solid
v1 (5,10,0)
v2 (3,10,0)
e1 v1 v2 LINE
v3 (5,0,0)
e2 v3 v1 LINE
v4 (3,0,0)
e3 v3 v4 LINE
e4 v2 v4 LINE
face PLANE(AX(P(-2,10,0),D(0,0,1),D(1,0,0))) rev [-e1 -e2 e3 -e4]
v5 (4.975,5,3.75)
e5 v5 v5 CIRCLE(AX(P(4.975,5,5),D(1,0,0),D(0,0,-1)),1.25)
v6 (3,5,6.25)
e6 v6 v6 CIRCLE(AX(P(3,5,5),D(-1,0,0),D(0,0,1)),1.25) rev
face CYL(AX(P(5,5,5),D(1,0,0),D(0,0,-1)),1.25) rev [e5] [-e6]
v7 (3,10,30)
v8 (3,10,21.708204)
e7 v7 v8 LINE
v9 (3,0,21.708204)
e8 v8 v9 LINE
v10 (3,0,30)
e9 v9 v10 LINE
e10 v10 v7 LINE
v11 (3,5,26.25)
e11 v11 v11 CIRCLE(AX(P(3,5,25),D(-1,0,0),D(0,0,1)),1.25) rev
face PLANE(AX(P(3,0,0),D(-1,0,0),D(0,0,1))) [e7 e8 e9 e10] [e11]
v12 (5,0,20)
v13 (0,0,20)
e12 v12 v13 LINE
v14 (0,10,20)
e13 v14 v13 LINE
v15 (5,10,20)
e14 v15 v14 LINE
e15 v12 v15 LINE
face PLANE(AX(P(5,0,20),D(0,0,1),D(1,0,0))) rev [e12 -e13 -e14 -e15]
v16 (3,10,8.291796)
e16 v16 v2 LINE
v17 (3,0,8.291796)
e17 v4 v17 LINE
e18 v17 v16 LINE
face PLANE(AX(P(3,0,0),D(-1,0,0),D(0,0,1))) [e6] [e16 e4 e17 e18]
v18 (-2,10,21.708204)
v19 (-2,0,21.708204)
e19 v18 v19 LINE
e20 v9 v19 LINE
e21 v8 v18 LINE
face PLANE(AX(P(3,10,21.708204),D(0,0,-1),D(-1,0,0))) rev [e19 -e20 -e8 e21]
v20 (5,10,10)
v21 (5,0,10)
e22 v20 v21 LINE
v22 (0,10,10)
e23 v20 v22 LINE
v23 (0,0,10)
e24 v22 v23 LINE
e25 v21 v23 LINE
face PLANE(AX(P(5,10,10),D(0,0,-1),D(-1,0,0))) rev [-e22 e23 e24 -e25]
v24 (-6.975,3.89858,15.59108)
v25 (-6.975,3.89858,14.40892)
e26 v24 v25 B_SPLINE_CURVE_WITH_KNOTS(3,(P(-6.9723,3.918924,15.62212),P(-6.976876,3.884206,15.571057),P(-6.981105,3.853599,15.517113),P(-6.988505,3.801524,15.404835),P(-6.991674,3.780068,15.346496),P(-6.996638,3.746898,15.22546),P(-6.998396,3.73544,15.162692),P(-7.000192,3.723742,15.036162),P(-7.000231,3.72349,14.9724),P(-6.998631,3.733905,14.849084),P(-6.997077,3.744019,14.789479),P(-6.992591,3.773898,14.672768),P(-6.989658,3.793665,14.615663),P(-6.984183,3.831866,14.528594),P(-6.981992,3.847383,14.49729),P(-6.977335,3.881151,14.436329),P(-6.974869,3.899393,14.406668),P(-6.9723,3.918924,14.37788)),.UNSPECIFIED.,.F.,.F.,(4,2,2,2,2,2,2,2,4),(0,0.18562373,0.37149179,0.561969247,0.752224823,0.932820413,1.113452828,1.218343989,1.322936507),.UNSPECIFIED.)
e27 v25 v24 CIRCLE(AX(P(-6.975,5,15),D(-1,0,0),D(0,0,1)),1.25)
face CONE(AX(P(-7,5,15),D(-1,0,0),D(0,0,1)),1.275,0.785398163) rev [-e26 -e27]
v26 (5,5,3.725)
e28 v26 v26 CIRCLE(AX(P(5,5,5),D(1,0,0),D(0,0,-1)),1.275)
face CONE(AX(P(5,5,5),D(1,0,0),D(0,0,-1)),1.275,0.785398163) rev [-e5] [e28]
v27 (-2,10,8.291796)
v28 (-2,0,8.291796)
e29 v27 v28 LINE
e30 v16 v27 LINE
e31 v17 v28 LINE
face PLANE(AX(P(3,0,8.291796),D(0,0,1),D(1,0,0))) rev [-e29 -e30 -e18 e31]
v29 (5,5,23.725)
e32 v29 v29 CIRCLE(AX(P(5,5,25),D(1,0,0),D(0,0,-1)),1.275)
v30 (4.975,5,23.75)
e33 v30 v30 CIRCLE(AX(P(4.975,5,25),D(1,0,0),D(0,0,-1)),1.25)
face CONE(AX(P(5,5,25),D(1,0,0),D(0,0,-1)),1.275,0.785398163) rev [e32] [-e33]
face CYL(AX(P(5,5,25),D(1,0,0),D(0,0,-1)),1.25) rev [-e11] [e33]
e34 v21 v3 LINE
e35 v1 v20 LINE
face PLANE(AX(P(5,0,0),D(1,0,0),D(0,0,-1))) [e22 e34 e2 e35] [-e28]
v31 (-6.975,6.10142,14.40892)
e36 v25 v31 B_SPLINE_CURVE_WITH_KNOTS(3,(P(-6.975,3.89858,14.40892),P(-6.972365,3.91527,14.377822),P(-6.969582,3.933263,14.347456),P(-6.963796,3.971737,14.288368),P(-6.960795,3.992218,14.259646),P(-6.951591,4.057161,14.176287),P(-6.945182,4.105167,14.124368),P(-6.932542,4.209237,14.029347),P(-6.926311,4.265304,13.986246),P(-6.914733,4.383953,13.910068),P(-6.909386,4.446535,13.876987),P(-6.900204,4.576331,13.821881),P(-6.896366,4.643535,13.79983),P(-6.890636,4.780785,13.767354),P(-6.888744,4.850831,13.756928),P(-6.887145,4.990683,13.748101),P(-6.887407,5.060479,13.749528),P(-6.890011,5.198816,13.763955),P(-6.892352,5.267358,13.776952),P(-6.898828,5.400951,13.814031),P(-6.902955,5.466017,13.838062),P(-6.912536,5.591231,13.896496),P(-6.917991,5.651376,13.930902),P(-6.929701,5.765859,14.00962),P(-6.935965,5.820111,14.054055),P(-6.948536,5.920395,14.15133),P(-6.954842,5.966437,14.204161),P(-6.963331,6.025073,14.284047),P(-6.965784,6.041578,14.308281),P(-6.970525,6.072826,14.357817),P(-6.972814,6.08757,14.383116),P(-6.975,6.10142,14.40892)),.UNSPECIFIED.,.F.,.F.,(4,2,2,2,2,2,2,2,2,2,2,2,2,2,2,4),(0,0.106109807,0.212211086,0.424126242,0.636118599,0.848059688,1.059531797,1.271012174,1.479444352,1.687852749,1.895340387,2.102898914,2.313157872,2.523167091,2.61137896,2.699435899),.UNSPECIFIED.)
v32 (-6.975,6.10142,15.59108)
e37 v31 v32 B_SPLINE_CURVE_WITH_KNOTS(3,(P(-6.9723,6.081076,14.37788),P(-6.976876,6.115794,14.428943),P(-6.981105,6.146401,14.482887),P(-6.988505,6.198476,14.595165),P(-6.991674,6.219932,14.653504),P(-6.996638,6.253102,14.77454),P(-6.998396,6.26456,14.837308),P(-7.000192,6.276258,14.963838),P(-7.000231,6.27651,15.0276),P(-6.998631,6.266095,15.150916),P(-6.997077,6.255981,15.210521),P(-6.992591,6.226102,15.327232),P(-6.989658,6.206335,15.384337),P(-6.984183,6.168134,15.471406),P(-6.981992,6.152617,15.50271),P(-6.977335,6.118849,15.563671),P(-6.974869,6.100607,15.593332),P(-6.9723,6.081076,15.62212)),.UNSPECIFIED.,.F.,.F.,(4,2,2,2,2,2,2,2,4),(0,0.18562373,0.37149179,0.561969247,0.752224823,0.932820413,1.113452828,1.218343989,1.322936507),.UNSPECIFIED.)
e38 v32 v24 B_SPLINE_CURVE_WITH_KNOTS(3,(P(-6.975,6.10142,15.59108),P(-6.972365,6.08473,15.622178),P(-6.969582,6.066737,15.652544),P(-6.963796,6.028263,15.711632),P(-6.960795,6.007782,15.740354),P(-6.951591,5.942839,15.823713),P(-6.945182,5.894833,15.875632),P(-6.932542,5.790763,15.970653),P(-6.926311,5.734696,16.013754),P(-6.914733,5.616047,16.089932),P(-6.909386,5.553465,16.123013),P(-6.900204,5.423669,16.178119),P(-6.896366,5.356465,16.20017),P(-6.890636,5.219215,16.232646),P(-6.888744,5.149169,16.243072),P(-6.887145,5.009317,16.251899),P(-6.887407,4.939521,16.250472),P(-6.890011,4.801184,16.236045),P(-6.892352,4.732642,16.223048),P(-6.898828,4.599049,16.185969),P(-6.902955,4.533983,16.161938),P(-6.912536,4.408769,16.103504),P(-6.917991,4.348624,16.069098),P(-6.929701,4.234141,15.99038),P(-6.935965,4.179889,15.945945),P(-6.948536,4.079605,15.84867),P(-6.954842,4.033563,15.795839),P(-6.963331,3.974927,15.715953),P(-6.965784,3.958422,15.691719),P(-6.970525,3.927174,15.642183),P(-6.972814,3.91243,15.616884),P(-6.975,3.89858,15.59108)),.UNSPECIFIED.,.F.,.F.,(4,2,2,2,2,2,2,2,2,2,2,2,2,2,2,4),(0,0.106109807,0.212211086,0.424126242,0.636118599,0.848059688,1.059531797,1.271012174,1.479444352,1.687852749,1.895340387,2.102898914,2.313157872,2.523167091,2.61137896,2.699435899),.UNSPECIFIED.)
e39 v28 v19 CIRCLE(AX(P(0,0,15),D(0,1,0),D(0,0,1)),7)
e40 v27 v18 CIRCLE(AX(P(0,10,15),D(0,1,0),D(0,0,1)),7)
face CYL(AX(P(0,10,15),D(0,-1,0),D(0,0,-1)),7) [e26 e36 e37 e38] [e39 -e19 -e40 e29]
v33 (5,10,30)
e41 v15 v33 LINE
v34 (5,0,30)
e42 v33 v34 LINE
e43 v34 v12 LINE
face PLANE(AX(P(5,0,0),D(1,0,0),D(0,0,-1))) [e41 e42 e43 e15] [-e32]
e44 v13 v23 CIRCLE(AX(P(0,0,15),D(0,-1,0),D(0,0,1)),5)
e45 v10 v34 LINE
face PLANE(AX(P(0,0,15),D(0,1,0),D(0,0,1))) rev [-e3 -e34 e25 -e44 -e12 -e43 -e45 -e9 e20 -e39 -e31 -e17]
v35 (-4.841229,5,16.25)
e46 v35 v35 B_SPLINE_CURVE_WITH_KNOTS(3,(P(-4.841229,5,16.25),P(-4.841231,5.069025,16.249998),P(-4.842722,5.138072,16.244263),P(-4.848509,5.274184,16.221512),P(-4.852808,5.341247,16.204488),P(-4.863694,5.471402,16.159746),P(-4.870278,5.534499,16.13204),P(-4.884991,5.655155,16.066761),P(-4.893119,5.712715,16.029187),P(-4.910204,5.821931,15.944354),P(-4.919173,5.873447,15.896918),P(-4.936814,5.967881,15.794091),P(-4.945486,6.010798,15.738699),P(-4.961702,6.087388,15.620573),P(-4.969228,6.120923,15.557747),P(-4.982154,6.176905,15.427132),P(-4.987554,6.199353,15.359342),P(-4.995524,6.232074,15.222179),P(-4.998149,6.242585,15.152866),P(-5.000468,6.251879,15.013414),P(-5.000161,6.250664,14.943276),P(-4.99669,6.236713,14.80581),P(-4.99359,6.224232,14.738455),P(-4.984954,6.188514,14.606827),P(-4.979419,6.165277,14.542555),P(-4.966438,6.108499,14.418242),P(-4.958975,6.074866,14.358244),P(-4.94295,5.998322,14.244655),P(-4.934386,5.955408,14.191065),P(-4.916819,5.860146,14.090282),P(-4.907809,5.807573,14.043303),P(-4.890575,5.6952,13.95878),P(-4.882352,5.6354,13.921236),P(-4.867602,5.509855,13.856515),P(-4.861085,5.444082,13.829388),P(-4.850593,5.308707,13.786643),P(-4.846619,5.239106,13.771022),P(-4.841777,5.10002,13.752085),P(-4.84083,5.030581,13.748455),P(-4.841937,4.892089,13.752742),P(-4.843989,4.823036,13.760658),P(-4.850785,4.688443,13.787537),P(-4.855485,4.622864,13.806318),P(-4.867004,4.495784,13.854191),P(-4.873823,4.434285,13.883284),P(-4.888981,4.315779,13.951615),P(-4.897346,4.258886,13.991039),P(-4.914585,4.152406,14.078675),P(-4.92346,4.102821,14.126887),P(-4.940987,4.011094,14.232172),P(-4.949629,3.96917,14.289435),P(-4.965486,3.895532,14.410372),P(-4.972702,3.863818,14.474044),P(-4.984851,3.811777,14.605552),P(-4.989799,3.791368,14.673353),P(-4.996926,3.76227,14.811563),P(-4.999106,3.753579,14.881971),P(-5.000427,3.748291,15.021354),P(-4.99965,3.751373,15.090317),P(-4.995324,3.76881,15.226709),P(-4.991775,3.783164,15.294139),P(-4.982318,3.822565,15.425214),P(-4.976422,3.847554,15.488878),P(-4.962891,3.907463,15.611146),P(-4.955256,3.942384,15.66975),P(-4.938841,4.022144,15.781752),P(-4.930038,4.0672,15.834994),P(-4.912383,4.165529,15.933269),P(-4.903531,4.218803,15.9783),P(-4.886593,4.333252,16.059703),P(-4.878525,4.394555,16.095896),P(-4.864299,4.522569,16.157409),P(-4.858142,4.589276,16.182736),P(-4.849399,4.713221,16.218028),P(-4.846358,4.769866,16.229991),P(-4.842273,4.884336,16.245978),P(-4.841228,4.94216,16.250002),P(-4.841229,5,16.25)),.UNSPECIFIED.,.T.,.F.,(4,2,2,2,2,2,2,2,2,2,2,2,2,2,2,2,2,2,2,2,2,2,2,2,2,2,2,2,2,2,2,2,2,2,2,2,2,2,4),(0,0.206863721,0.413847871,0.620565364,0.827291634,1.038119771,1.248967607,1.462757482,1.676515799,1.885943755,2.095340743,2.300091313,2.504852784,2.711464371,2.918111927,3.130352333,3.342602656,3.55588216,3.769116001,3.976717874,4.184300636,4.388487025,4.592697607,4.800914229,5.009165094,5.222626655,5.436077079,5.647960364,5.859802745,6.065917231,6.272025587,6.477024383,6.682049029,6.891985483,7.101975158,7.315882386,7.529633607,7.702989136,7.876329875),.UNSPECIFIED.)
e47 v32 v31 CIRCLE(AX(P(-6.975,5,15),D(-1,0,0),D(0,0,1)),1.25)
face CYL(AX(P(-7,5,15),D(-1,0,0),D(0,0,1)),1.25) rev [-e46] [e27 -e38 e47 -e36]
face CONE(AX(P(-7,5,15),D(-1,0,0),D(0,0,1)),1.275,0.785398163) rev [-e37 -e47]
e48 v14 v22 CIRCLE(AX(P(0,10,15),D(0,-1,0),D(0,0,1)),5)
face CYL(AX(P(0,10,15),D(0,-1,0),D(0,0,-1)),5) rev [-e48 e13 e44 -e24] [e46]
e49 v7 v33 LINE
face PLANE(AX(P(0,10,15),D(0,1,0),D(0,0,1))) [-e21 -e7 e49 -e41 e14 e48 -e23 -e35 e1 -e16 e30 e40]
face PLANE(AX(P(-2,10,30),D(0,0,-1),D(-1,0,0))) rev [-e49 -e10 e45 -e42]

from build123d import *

# Parameters (mm, degrees)
EXTRUDE_1_DEPTH              = 10
HOLE_WIZARD_M3_2_D           = 2.5
HOLE_WIZARD_M3_2_CSINK_D     = 2.55
HOLE_WIZARD_M3_2_CSINK_ANGLE = 90
SKETCH_15_W                  = 10
SKETCH_15_H                  = 10
EXTRUDE_2_DEPTH              = 5
HOLE_WIZARD_M3_1_D           = 2.5
HOLE_WIZARD_M3_1_CSINK_D     = 2.55
HOLE_WIZARD_M3_1_CSINK_ANGLE = 90
SKETCH_21_W                  = 8.291796068
SKETCH_21_H                  = 10
CUT_EXTRUDE_2_DEPTH          = 5


with BuildPart() as part:
    # 草图1 → 凸台-拉伸1 (new body)
    with BuildSketch(Plane(origin=(0, 0, 0), x_dir=(1, 0, 0), z_dir=(0, 1, 0))):
        with BuildLine():
            Line((0, 0), (0, -10))
            ThreePointArc((0, -10), (-5, -15), (0, -20))
            Line((0, -20), (0, -30))
            Line((0, -30), (-2, -30))
            Line((-2, -30), (-2, -21.708203932))
            ThreePointArc((-2, -21.708203932), (-7, -15), (-2, -8.291796068))
            Line((-2, -8.291796068), (-2, 0))
            Line((-2, 0), (0, 0))
        make_face()
    extrude(amount=EXTRUDE_1_DEPTH)

    # M3 螺纹孔的螺纹孔钻头2 (through all)
    with Locations(Plane.ZY.offset(7)):
        with Locations((15, 5)):
            CounterSinkHole(HOLE_WIZARD_M3_2_D / 2, HOLE_WIZARD_M3_2_CSINK_D / 2, counter_sink_angle=HOLE_WIZARD_M3_2_CSINK_ANGLE)

    # 草图15 → 凸台-拉伸2 (add)
    with BuildSketch(Plane(origin=(0, 0, 0), x_dir=(0, 0, -1), z_dir=(1, 0, 0))):
        with Locations((-5, 5)):
            Rectangle(SKETCH_15_W, SKETCH_15_H)
        with Locations((-25, 5)):
            Rectangle(SKETCH_15_W, SKETCH_15_H)
    extrude(amount=EXTRUDE_2_DEPTH)

    # M3 螺纹孔的螺纹孔钻头1 (through all)
    with Locations(Plane(origin=(5, 0, 0), x_dir=(0, 0, -1), z_dir=(1, 0, 0))):
        with Locations((-5, 5), (-25, 5)):
            CounterSinkHole(HOLE_WIZARD_M3_1_D / 2, HOLE_WIZARD_M3_1_CSINK_D / 2, counter_sink_angle=HOLE_WIZARD_M3_1_CSINK_ANGLE)

    # 草图21 → 切除-拉伸2 (cut)
    with BuildSketch(Plane.ZY.offset(2)):
        with Locations((4.145898034, 5)):
            Rectangle(SKETCH_21_W, SKETCH_21_H)
        with Locations((25.854101966, 5)):
            Rectangle(SKETCH_21_W, SKETCH_21_H)
    extrude(amount=-CUT_EXTRUDE_2_DEPTH, mode=Mode.SUBTRACT)


solid = part.part
